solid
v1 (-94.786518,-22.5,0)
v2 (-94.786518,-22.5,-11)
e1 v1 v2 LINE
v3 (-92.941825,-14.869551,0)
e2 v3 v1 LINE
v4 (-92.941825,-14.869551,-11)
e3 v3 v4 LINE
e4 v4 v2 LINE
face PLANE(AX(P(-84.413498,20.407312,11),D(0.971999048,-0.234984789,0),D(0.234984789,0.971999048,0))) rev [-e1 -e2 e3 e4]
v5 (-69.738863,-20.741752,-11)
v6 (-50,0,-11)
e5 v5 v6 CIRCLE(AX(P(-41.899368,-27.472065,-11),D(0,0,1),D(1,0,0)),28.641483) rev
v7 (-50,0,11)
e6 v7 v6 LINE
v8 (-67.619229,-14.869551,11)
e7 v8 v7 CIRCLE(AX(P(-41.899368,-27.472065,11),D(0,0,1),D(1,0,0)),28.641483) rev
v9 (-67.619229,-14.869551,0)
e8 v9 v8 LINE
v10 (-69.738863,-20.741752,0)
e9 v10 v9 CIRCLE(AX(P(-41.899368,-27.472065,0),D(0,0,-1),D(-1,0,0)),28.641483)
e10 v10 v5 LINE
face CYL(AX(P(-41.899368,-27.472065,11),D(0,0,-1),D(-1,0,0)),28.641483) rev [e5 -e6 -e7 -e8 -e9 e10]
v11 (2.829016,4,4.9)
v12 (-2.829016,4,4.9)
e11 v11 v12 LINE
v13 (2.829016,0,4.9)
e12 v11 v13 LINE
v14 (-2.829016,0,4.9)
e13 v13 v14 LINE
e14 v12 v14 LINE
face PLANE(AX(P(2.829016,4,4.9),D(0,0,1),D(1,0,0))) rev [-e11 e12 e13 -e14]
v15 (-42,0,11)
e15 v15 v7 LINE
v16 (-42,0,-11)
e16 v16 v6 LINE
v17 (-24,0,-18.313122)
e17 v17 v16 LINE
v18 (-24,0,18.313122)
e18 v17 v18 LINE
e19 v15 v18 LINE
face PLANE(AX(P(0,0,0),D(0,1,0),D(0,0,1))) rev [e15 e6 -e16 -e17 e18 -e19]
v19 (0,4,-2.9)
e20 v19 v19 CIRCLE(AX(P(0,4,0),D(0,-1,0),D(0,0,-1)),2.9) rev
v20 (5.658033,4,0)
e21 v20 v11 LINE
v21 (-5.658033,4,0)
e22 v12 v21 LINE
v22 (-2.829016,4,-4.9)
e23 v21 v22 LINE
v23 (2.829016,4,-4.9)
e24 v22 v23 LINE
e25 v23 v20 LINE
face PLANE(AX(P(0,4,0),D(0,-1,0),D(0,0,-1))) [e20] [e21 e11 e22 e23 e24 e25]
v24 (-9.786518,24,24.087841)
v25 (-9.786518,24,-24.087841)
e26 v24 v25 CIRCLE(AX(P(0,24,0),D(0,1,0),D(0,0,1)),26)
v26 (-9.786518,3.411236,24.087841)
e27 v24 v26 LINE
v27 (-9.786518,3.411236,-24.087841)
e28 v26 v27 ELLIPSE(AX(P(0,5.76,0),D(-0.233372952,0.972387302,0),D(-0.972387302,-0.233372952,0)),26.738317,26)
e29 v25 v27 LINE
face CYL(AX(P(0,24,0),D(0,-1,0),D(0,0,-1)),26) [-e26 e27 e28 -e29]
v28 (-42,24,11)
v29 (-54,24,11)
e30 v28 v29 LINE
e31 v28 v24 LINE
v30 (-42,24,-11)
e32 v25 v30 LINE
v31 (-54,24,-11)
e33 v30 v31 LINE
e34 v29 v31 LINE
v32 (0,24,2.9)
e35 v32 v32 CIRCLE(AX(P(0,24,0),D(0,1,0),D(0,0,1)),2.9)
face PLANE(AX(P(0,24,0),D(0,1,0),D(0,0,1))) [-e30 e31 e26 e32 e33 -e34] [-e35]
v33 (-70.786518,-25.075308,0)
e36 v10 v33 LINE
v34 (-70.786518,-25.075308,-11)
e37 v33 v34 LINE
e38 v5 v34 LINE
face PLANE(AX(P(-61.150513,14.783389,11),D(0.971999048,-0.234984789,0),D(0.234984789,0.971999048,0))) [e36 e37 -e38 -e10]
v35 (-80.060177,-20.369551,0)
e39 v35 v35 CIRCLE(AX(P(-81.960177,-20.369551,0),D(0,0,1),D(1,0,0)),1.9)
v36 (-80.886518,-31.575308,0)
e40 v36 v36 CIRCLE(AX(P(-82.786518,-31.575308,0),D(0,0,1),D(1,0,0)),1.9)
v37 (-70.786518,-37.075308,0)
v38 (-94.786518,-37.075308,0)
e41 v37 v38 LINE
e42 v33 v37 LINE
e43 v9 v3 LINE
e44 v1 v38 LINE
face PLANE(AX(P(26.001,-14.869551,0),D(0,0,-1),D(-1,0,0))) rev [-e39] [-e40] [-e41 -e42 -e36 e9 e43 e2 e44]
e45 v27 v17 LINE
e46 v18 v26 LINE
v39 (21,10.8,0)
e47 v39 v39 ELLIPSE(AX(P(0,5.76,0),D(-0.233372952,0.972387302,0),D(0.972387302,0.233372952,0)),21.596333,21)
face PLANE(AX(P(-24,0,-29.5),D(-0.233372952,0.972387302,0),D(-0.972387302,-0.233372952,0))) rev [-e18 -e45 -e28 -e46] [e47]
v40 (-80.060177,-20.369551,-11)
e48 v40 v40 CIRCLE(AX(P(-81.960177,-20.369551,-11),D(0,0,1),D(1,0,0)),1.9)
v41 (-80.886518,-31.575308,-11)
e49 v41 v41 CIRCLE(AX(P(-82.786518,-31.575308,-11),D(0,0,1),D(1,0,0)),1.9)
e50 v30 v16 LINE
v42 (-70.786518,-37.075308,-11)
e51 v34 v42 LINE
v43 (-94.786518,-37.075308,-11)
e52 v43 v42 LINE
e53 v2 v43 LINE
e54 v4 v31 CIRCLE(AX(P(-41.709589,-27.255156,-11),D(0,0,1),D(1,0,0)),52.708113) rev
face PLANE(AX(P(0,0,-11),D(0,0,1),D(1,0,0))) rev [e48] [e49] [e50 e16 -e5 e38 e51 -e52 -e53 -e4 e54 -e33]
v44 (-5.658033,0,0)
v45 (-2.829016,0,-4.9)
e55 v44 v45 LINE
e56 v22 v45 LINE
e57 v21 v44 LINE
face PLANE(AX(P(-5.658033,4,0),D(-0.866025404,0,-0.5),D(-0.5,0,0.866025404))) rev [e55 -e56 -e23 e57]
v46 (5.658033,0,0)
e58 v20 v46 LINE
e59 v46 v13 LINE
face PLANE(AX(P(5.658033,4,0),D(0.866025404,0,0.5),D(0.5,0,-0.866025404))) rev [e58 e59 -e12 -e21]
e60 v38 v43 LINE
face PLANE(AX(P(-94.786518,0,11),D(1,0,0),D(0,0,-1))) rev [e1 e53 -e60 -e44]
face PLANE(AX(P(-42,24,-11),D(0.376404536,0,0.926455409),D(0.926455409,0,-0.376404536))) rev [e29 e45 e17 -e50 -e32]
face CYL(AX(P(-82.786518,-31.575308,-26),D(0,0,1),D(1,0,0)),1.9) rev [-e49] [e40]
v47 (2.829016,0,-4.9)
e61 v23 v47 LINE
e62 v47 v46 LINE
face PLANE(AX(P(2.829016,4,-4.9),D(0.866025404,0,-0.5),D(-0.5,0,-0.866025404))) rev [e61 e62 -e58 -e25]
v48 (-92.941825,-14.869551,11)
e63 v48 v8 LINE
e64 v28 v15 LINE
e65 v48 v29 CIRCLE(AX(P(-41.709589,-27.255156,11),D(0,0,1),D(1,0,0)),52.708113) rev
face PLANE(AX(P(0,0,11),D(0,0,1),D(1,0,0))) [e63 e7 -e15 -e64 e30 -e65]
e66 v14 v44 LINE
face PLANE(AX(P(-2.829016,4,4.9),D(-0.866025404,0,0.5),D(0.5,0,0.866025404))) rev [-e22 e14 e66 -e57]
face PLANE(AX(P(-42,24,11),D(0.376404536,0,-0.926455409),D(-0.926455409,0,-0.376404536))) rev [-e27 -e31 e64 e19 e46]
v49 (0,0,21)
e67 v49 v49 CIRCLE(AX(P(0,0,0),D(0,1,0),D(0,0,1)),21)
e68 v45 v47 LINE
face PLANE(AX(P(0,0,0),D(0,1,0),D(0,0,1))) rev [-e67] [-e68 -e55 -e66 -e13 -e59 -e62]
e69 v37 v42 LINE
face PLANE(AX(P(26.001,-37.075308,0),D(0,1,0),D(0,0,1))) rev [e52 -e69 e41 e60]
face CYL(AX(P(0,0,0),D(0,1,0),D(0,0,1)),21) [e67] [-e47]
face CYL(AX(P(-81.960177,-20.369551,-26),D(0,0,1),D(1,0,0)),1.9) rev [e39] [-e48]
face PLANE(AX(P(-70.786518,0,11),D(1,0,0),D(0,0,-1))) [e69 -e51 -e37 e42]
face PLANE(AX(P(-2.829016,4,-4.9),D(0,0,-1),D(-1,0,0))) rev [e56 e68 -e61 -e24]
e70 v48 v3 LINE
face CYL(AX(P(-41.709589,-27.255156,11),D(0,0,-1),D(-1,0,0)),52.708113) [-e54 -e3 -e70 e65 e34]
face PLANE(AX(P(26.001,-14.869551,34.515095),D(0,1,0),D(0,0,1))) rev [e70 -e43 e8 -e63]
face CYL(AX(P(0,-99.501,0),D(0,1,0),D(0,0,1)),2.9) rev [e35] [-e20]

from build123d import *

# Parameters (mm, degrees)
BOSS_EXTRUDE1_DEPTH = 24
CUT_EXTRUDE1_DEPTH  = 29.5
SKETCH3_R           = 21
BOSS_EXTRUDE2_DEPTH = 24
CUT_EXTRUDE2_DEPTH  = 4
BOSS_EXTRUDE3_DEPTH = 11
SKETCH6_W           = 89
SKETCH6_H           = 21.5
SKETCH7_W           = 48
SKETCH7_H           = 22
BOSS_EXTRUDE4_DEPTH = 3.027047
SKETCH8_R           = 18.5
CUT_EXTRUDE3_DEPTH  = 83
CUT_EXTRUDE4_REACH  = 91
SKETCH9_R           = 1.6
SKETCH9_R_2         = 6.1
CUT_EXTRUDE5_REACH  = 125.5
SKETCH10_R          = 2.9
CUT_EXTRUDE6_REACH  = 136
SKETCH13_R          = 1.9
CUT_EXTRUDE7_DEPTH  = 27


with BuildPart() as part:
    # Sketch1 → Boss-Extrude1 (new body)
    with BuildSketch(Plane(origin=(0, 0, 0), x_dir=(1, 0, 0), z_dir=(0, 1, 0))):
        with BuildLine():
            Line((-42, 0), (-42, 11))
            Line((-42, 11), (-9.786517927, 24.087840644))
            ThreePointArc((-9.786517927, 24.087840644), (26, 0), (-9.786517927, -24.087840644))
            Line((-9.786517927, -24.087840644), (-42, -11))
            Line((-42, -11), (-42, 0))
        make_face()
    extrude(amount=BOSS_EXTRUDE1_DEPTH)

    # Sketch2 → Cut-Extrude1 (cut, symmetric)
    with BuildSketch(Plane.XY):
        Polygon((-24, 0), (26, 12), (26, 0), align=None)
    extrude(amount=CUT_EXTRUDE1_DEPTH, both=True, mode=Mode.SUBTRACT)

    # Sketch3 → Boss-Extrude2 (add)
    with BuildSketch(Plane(origin=(0, 24, 0), x_dir=(1, 0, 0), z_dir=(0, 1, 0))):
        Circle(SKETCH3_R)
    extrude(amount=-BOSS_EXTRUDE2_DEPTH)

    # Sketch4 → Cut-Extrude2 (cut)
    with BuildSketch(Plane.XZ):
        Polygon((2.829016319, 4.9), (-2.829016319, 4.9), (-5.658032638, 0), (-2.829016319, -4.9), (2.829016319, -4.9), (5.658032638, 0), align=None)
    extrude(amount=-CUT_EXTRUDE2_DEPTH, mode=Mode.SUBTRACT)

    # Sketch5 → Boss-Extrude3 (add, symmetric)
    with BuildSketch(Plane.XY):
        with BuildLine():
            ThreePointArc((-54, 24), (-78.945219608, 10.049710337), (-92.941825352, -14.869551102))
            Line((-92.941825352, -14.869551102), (-94.786517927, -22.5))
            Line((-94.786517927, -22.5), (-94.786517927, -37.075307894))
            Line((-94.786517927, -37.075307894), (-93.178015205, -46.5))
            Line((-93.178015205, -46.5), (-90, -56.5))
            Line((-90, -56.5), (-42, -56.5))
            Line((-42, -56.5), (-63.178015205, -46.5))
            Line((-63.178015205, -46.5), (-70.786517927, -37.075307894))
            Line((-70.786517927, -37.075307894), (-70.786517927, -25.075307894))
            Line((-70.786517927, -25.075307894), (-69.738862808, -20.741751748))
            ThreePointArc((-69.738862808, -20.741751748), (-62.647337683, -7.727284744), (-50, 0))
            Line((-50, 0), (-42, 0))
            Line((-42, 0), (-42, 24))
            Line((-42, 24), (-54, 24))
        make_face()
    extrude(amount=BOSS_EXTRUDE3_DEPTH, both=True)



with BuildPart() as body_2:
    # Sketch6 → Revolve1 (revolve)
    with BuildSketch(Plane.XY):
        with Locations((-53.5, -88.75)):
            Rectangle(SKETCH6_W, SKETCH6_H)
    revolve(axis=Axis((-98, -78, 0), (1, 0, 0)))


with BuildPart() as part_1:
    add(part.part)

    add(body_2.part)  # Boss-Extrude4 merges body 2
    # Sketch7 → Boss-Extrude4 (add)
    with BuildSketch(Plane.XZ.offset(56.5)):
        with Locations((-66, 0)):
            Rectangle(SKETCH7_W, SKETCH7_H)
    extrude(amount=BOSS_EXTRUDE4_DEPTH)

    # Sketch8 → Cut-Extrude3 (cut)
    with BuildSketch(Plane.ZY.offset(98)):
        with Locations((0, -78)):
            Circle(SKETCH8_R)
    extrude(amount=-CUT_EXTRUDE3_DEPTH, mode=Mode.SUBTRACT)

    # Sketch9 → Cut-Extrude4 (cut, up to next)
    with BuildSketch(Plane(origin=(-9, 0, 0), x_dir=(0, 0, -1), z_dir=(1, 0, 0)), mode=Mode.PRIVATE) as cut_extrude4_sk1:
        with Locations((15.5, -78)):
            Circle(SKETCH9_R)
    cut_extrude4_tool1 = extrude(cut_extrude4_sk1.sketch, amount=-CUT_EXTRUDE4_REACH, mode=Mode.PRIVATE) & part_1.part
    add(cut_extrude4_tool1.solids().sort_by_distance((-9, -78, -15.5))[0], mode=Mode.SUBTRACT)
    # Sketch9 → Cut-Extrude4 (cut, up to next)
    with BuildSketch(Plane(origin=(-9, 0, 0), x_dir=(0, 0, -1), z_dir=(1, 0, 0)), mode=Mode.PRIVATE) as cut_extrude4_sk2:
        with Locations((7.75, -91.423393759)):
            Circle(SKETCH9_R)
    cut_extrude4_tool2 = extrude(cut_extrude4_sk2.sketch, amount=-CUT_EXTRUDE4_REACH, mode=Mode.PRIVATE) & part_1.part
    add(cut_extrude4_tool2.solids().sort_by_distance((-9, -91.423394, -7.75))[0], mode=Mode.SUBTRACT)
    # Sketch9 → Cut-Extrude4 (cut, up to next)
    with BuildSketch(Plane(origin=(-9, 0, 0), x_dir=(0, 0, -1), z_dir=(1, 0, 0)), mode=Mode.PRIVATE) as cut_extrude4_sk3:
        with Locations((-7.75, -91.423393759)):
            Circle(SKETCH9_R)
    cut_extrude4_tool3 = extrude(cut_extrude4_sk3.sketch, amount=-CUT_EXTRUDE4_REACH, mode=Mode.PRIVATE) & part_1.part
    add(cut_extrude4_tool3.solids().sort_by_distance((-9, -91.423394, 7.75))[0], mode=Mode.SUBTRACT)
    # Sketch9 → Cut-Extrude4 (cut, up to next)
    with BuildSketch(Plane(origin=(-9, 0, 0), x_dir=(0, 0, -1), z_dir=(1, 0, 0)), mode=Mode.PRIVATE) as cut_extrude4_sk4:
        with Locations((-15.5, -78)):
            Circle(SKETCH9_R)
    cut_extrude4_tool4 = extrude(cut_extrude4_sk4.sketch, amount=-CUT_EXTRUDE4_REACH, mode=Mode.PRIVATE) & part_1.part
    add(cut_extrude4_tool4.solids().sort_by_distance((-9, -78, 15.5))[0], mode=Mode.SUBTRACT)
    # Sketch9 → Cut-Extrude4 (cut, up to next)
    with BuildSketch(Plane(origin=(-9, 0, 0), x_dir=(0, 0, -1), z_dir=(1, 0, 0)), mode=Mode.PRIVATE) as cut_extrude4_sk5:
        with Locations((-7.75, -64.576606241)):
            Circle(SKETCH9_R)
    cut_extrude4_tool5 = extrude(cut_extrude4_sk5.sketch, amount=-CUT_EXTRUDE4_REACH, mode=Mode.PRIVATE) & part_1.part
    add(cut_extrude4_tool5.solids().sort_by_distance((-9, -64.576606, 7.75))[0], mode=Mode.SUBTRACT)
    # Sketch9 → Cut-Extrude4 (cut, up to next)
    with BuildSketch(Plane(origin=(-9, 0, 0), x_dir=(0, 0, -1), z_dir=(1, 0, 0)), mode=Mode.PRIVATE) as cut_extrude4_sk6:
        with Locations((7.75, -64.576606241)):
            Circle(SKETCH9_R)
    cut_extrude4_tool6 = extrude(cut_extrude4_sk6.sketch, amount=-CUT_EXTRUDE4_REACH, mode=Mode.PRIVATE) & part_1.part
    add(cut_extrude4_tool6.solids().sort_by_distance((-9, -64.576606, -7.75))[0], mode=Mode.SUBTRACT)
    # Sketch9 → Cut-Extrude4 (cut, up to next)
    with BuildSketch(Plane(origin=(-9, 0, 0), x_dir=(0, 0, -1), z_dir=(1, 0, 0)), mode=Mode.PRIVATE) as cut_extrude4_sk7:
        with Locations((0, -85)):
            Circle(SKETCH9_R_2)
    cut_extrude4_tool7 = extrude(cut_extrude4_sk7.sketch, amount=-CUT_EXTRUDE4_REACH, mode=Mode.PRIVATE) & part_1.part
    add(cut_extrude4_tool7.solids().sort_by_distance((-9, -85, 0))[0], mode=Mode.SUBTRACT)

    # Sketch10 → Cut-Extrude5 (cut, up to next)
    with BuildSketch(Plane(origin=(0, 24, 0), x_dir=(1, 0, 0), z_dir=(0, 1, 0)), mode=Mode.PRIVATE) as cut_extrude5_sk1:
        Circle(SKETCH10_R)
    cut_extrude5_tool1 = extrude(cut_extrude5_sk1.sketch, amount=-CUT_EXTRUDE5_REACH, mode=Mode.PRIVATE) & part_1.part
    add(cut_extrude5_tool1.solids().sort_by_distance((0, 24, 0))[0], mode=Mode.SUBTRACT)

    # Sketch12 → Cut-Extrude6 (cut, up to next)
    with BuildSketch(Plane.ZY.offset(108), mode=Mode.PRIVATE) as cut_extrude6_sk1:
        Polygon((0, -14.869551102), (0, -37.075307894), (-35.009935155, -37.075307894), (-35.009935155, -113.334550455), (34.515095082, -113.334550455), (34.515095082, -14.869551102), align=None)
    cut_extrude6_tool1 = extrude(cut_extrude6_sk1.sketch, amount=-CUT_EXTRUDE6_REACH, mode=Mode.PRIVATE) & part_1.part
    add(cut_extrude6_tool1.solids().sort_by_distance((-108, -68.986865, 1.963457))[0], mode=Mode.SUBTRACT)

    # Sketch13 → Cut-Extrude7 (cut, through all)
    with BuildSketch(Plane.XY):
        with Locations((-81.960177429, -20.369551102)):
            Circle(SKETCH13_R)
        with Locations((-82.786517927, -31.575307894)):
            Circle(SKETCH13_R)
    extrude(amount=-CUT_EXTRUDE7_DEPTH, mode=Mode.SUBTRACT)


solid = part_1.part
